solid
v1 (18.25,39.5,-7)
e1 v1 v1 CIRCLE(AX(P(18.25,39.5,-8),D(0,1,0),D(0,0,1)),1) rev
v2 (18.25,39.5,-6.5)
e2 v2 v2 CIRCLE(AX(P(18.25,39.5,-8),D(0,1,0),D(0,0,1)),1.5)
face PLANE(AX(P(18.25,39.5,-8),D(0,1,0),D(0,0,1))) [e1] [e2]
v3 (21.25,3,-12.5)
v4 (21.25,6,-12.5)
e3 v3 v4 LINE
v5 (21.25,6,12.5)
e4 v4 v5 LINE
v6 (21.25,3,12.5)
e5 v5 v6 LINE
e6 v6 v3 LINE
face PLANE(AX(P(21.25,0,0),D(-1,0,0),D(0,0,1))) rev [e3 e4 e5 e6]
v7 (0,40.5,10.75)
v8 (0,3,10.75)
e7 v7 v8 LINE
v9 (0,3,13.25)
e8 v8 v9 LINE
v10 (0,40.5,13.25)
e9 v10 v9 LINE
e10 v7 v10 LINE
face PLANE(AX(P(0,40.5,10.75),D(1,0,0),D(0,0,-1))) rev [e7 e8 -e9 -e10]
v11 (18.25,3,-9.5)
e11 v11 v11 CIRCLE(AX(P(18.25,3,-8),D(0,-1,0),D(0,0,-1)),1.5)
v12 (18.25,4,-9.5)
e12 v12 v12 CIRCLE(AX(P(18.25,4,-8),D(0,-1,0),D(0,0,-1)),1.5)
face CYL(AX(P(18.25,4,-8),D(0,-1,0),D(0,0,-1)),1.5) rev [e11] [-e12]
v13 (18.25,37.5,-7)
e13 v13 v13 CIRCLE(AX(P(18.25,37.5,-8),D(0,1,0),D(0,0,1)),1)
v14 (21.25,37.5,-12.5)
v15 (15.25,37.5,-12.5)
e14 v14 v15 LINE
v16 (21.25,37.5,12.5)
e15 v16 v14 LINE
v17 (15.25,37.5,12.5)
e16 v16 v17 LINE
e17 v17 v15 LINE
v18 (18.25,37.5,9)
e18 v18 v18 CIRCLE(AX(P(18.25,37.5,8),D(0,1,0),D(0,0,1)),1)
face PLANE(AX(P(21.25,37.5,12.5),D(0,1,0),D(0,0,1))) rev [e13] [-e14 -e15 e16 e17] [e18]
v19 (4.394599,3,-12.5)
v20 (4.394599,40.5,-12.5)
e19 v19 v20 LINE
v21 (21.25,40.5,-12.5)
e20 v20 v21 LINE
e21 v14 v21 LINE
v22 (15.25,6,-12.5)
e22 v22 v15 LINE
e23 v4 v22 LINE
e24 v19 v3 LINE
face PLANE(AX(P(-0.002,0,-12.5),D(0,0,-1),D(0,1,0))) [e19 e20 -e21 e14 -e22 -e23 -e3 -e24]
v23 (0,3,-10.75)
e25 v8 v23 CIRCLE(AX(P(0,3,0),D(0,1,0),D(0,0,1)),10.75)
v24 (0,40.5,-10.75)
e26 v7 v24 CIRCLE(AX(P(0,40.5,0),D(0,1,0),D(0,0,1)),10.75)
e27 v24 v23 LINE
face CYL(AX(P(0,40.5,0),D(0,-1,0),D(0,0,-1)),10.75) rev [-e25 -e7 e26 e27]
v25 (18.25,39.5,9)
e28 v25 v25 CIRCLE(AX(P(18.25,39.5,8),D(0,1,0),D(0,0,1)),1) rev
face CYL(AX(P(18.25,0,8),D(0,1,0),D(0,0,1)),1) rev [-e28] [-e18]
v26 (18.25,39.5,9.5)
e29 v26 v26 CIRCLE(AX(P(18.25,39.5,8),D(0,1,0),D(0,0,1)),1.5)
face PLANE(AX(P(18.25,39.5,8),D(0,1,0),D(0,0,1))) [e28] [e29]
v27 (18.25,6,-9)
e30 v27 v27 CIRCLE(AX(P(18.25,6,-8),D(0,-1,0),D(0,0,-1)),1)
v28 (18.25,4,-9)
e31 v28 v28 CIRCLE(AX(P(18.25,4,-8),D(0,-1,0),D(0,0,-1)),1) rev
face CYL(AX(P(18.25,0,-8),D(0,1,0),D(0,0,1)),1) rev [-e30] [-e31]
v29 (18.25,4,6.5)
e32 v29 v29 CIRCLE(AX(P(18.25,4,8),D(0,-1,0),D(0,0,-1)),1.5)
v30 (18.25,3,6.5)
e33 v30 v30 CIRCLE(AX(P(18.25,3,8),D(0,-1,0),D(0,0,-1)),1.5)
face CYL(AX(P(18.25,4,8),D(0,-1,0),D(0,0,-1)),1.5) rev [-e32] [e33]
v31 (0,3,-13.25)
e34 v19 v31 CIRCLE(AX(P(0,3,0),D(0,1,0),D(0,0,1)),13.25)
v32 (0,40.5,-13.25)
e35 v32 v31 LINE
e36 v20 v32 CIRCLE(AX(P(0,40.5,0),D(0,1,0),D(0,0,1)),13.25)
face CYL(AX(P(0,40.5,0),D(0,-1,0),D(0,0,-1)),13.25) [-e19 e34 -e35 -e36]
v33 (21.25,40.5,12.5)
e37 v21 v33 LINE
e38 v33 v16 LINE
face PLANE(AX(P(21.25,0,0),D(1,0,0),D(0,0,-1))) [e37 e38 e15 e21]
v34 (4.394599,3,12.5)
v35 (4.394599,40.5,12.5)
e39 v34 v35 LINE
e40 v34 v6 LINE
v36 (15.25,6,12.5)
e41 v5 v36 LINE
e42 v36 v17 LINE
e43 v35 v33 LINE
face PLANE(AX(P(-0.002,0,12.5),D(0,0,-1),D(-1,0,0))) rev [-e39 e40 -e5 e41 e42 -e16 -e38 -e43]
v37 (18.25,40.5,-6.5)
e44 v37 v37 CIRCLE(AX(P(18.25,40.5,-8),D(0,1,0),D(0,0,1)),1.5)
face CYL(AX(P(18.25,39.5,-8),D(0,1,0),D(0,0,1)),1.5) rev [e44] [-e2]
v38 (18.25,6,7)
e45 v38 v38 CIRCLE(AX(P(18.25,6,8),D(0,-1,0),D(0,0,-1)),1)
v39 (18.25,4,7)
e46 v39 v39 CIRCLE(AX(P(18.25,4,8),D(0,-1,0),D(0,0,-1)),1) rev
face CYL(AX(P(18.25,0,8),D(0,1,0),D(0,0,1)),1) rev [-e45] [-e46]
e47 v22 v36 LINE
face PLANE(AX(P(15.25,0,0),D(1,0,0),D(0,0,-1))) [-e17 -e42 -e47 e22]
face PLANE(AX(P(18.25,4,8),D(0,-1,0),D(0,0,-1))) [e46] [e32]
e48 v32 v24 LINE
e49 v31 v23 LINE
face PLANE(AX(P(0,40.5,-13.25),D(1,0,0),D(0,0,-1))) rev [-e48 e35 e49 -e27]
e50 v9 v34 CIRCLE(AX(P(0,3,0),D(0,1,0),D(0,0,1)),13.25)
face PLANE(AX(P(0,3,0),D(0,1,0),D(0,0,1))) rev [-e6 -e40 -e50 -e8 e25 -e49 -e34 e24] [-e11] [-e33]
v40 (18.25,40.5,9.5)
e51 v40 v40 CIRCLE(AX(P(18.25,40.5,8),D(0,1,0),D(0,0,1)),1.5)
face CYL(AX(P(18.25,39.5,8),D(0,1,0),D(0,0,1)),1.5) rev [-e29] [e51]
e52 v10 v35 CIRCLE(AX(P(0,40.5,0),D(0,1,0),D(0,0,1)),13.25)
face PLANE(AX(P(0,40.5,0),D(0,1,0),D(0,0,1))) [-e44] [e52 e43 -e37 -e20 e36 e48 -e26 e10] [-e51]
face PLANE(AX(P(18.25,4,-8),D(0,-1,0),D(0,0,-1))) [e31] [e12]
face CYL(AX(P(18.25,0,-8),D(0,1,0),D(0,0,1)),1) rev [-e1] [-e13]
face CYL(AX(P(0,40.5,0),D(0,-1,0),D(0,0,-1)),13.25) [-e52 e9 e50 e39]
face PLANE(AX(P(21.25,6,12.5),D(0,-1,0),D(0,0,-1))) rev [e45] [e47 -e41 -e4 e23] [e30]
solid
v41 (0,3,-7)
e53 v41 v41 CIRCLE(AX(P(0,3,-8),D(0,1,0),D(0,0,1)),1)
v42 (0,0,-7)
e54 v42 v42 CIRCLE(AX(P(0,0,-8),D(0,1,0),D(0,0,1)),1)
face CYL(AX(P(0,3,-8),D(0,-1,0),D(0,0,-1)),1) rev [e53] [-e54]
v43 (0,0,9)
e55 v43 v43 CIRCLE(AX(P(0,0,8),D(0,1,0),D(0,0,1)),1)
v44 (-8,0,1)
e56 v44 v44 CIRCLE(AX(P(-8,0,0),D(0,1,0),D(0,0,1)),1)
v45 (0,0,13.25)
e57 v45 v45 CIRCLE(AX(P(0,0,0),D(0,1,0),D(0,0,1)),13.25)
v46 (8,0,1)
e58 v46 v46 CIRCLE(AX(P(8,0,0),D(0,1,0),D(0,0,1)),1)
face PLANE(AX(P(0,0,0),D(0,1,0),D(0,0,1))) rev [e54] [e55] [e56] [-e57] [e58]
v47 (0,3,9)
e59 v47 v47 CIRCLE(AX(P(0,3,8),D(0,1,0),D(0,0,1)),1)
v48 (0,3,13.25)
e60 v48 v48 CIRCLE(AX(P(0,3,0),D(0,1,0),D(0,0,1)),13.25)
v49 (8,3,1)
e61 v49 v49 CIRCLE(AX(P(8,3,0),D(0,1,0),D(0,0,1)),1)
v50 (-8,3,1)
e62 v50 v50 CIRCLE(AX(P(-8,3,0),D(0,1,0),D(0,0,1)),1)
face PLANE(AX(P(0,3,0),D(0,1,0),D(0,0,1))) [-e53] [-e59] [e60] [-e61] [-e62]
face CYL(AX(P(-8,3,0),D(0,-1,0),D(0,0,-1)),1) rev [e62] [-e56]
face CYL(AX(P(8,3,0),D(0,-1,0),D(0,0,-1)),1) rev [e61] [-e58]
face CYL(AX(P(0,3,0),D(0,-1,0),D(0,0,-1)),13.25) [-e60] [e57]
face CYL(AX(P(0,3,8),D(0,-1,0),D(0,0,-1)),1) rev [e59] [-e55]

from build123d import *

# Parameters (mm, degrees)
SKETCH1_R                = 13.25
SKETCH1_R_2              = 1
BOSS_EXTRUDE1_DEPTH      = 3
BOSS_EXTRUDE4_DEPTH      = 37.5
BOSS_EXTRUDE5_REACH      = 53.265
BOSS_EXTRUDE5_END_RADIUS = 13.25
SKETCH4_W                = 12.5
SKETCH4_H                = 37.5
SKETCH6_W                = 25
SKETCH6_H                = 3
BOSS_EXTRUDE6_DEPTH      = 6
SKETCH7_R                = 1
CUT_EXTRUDE1_DEPTH       = 48.616961264
SKETCH8_R                = 1.5
CUT_EXTRUDE2_DEPTH       = 1
SKETCH9_R                = 1.5
CUT_EXTRUDE3_DEPTH       = 1


with BuildPart() as part:
    # Sketch1 → Boss-Extrude1 (new body)
    with BuildSketch(Plane(origin=(0, 0, 0), x_dir=(1, 0, 0), z_dir=(0, 1, 0))):
        with Locations(Location((0, 0, 0), (0, 0, 270))):
            Circle(SKETCH1_R)
        with Locations(Location((-8, 0, 0), (0, 0, 270))):
            Circle(SKETCH1_R_2, mode=Mode.SUBTRACT)
        with Locations(Location((0, 8, 0), (0, 0, 270))):
            Circle(SKETCH1_R_2, mode=Mode.SUBTRACT)
        with Locations(Location((8, 0, 0), (0, 0, 270))):
            Circle(SKETCH1_R_2, mode=Mode.SUBTRACT)
        with Locations(Location((0, -8, 0), (0, 0, 270))):
            Circle(SKETCH1_R_2, mode=Mode.SUBTRACT)
    extrude(amount=BOSS_EXTRUDE1_DEPTH)


with BuildPart() as body_2:
    # Sketch2 → Boss-Extrude4 (new body)
    with BuildSketch(Plane(origin=(0, 3, 0), x_dir=(1, 0, 0), z_dir=(0, 1, 0))):
        with BuildLine():
            Line((0, 13.25), (0, 10.75))
            ThreePointArc((0, 10.75), (10.75, 0), (0, -10.75))
            Line((0, -10.75), (0, -13.25))
            ThreePointArc((0, -13.25), (13.25, 0), (0, 13.25))
        make_face()
    extrude(amount=BOSS_EXTRUDE4_DEPTH)

    # Boss-Extrude5: up to this cylinder (the profile starts outside it)
    boss_extrude5_end = Plane(origin=(0, 21.75, 0), z_dir=(0, -1, 0)) * Cylinder(BOSS_EXTRUDE5_END_RADIUS, 134.03, mode=Mode.PRIVATE)
    # Sketch4 → Boss-Extrude5 (add, up to the surface)
    with BuildSketch(Plane(origin=(15.25, 0, 0), x_dir=(0, 0, -1), z_dir=(1, 0, 0)), mode=Mode.PRIVATE) as boss_extrude5_sk1:
        with Locations((-6.25, 21.75)):
            Rectangle(SKETCH4_W, SKETCH4_H)
    boss_extrude5_tool1 = extrude(boss_extrude5_sk1.sketch, amount=-BOSS_EXTRUDE5_REACH, mode=Mode.PRIVATE) - boss_extrude5_end
    add(boss_extrude5_tool1.solids().sort_by_distance((15.25, 21.75, 6.25))[0])
    # Sketch4 → Boss-Extrude5 (add, up to the surface)
    with BuildSketch(Plane(origin=(15.25, 0, 0), x_dir=(0, 0, -1), z_dir=(1, 0, 0)), mode=Mode.PRIVATE) as boss_extrude5_sk2:
        with Locations((6.25, 21.75)):
            Rectangle(SKETCH4_W, SKETCH4_H)
    boss_extrude5_tool2 = extrude(boss_extrude5_sk2.sketch, amount=-BOSS_EXTRUDE5_REACH, mode=Mode.PRIVATE) - boss_extrude5_end
    add(boss_extrude5_tool2.solids().sort_by_distance((15.25, 21.75, -6.25))[0])

    # Sketch6 → Boss-Extrude6 (add)
    with BuildSketch(Plane(origin=(15.25, 0, 0), x_dir=(0, 0, -1), z_dir=(1, 0, 0))):
        with Locations((0, 39)):
            Rectangle(SKETCH6_W, SKETCH6_H)
        with Locations((0, 4.5)):
            Rectangle(SKETCH6_W, SKETCH6_H)
    extrude(amount=BOSS_EXTRUDE6_DEPTH)

    # Sketch7 → Cut-Extrude1 (cut, through all)
    with BuildSketch(Plane(origin=(0, 40.5, 0), x_dir=(1, 0, 0), z_dir=(0, 1, 0))):
        with Locations(Location((18.25, 8, 0), (0, 0, 270))):
            Circle(SKETCH7_R)
        with Locations(Location((18.25, -8, 0), (0, 0, 270))):
            Circle(SKETCH7_R)
    extrude(amount=-CUT_EXTRUDE1_DEPTH, mode=Mode.SUBTRACT)

    # Sketch8 → Cut-Extrude2 (cut)
    with BuildSketch(Plane(origin=(0, 40.5, 0), x_dir=(1, 0, 0), z_dir=(0, 1, 0))):
        with Locations(Location((18.25, 8, 0), (0, 0, 270))):
            Circle(SKETCH8_R)
        with Locations(Location((18.25, -8, 0), (0, 0, 270))):
            Circle(SKETCH8_R)
    extrude(amount=-CUT_EXTRUDE2_DEPTH, mode=Mode.SUBTRACT)

    # Sketch9 → Cut-Extrude3 (cut)
    with BuildSketch(Plane.XZ.offset(-3)):
        with Locations(Location((18.25, 8, 0), (0, 0, 90))):
            Circle(SKETCH9_R)
        with Locations(Location((18.25, -8, 0), (0, 0, 90))):
            Circle(SKETCH9_R)
    extrude(amount=-CUT_EXTRUDE3_DEPTH, mode=Mode.SUBTRACT)


solid = Compound([part.part, body_2.part])
